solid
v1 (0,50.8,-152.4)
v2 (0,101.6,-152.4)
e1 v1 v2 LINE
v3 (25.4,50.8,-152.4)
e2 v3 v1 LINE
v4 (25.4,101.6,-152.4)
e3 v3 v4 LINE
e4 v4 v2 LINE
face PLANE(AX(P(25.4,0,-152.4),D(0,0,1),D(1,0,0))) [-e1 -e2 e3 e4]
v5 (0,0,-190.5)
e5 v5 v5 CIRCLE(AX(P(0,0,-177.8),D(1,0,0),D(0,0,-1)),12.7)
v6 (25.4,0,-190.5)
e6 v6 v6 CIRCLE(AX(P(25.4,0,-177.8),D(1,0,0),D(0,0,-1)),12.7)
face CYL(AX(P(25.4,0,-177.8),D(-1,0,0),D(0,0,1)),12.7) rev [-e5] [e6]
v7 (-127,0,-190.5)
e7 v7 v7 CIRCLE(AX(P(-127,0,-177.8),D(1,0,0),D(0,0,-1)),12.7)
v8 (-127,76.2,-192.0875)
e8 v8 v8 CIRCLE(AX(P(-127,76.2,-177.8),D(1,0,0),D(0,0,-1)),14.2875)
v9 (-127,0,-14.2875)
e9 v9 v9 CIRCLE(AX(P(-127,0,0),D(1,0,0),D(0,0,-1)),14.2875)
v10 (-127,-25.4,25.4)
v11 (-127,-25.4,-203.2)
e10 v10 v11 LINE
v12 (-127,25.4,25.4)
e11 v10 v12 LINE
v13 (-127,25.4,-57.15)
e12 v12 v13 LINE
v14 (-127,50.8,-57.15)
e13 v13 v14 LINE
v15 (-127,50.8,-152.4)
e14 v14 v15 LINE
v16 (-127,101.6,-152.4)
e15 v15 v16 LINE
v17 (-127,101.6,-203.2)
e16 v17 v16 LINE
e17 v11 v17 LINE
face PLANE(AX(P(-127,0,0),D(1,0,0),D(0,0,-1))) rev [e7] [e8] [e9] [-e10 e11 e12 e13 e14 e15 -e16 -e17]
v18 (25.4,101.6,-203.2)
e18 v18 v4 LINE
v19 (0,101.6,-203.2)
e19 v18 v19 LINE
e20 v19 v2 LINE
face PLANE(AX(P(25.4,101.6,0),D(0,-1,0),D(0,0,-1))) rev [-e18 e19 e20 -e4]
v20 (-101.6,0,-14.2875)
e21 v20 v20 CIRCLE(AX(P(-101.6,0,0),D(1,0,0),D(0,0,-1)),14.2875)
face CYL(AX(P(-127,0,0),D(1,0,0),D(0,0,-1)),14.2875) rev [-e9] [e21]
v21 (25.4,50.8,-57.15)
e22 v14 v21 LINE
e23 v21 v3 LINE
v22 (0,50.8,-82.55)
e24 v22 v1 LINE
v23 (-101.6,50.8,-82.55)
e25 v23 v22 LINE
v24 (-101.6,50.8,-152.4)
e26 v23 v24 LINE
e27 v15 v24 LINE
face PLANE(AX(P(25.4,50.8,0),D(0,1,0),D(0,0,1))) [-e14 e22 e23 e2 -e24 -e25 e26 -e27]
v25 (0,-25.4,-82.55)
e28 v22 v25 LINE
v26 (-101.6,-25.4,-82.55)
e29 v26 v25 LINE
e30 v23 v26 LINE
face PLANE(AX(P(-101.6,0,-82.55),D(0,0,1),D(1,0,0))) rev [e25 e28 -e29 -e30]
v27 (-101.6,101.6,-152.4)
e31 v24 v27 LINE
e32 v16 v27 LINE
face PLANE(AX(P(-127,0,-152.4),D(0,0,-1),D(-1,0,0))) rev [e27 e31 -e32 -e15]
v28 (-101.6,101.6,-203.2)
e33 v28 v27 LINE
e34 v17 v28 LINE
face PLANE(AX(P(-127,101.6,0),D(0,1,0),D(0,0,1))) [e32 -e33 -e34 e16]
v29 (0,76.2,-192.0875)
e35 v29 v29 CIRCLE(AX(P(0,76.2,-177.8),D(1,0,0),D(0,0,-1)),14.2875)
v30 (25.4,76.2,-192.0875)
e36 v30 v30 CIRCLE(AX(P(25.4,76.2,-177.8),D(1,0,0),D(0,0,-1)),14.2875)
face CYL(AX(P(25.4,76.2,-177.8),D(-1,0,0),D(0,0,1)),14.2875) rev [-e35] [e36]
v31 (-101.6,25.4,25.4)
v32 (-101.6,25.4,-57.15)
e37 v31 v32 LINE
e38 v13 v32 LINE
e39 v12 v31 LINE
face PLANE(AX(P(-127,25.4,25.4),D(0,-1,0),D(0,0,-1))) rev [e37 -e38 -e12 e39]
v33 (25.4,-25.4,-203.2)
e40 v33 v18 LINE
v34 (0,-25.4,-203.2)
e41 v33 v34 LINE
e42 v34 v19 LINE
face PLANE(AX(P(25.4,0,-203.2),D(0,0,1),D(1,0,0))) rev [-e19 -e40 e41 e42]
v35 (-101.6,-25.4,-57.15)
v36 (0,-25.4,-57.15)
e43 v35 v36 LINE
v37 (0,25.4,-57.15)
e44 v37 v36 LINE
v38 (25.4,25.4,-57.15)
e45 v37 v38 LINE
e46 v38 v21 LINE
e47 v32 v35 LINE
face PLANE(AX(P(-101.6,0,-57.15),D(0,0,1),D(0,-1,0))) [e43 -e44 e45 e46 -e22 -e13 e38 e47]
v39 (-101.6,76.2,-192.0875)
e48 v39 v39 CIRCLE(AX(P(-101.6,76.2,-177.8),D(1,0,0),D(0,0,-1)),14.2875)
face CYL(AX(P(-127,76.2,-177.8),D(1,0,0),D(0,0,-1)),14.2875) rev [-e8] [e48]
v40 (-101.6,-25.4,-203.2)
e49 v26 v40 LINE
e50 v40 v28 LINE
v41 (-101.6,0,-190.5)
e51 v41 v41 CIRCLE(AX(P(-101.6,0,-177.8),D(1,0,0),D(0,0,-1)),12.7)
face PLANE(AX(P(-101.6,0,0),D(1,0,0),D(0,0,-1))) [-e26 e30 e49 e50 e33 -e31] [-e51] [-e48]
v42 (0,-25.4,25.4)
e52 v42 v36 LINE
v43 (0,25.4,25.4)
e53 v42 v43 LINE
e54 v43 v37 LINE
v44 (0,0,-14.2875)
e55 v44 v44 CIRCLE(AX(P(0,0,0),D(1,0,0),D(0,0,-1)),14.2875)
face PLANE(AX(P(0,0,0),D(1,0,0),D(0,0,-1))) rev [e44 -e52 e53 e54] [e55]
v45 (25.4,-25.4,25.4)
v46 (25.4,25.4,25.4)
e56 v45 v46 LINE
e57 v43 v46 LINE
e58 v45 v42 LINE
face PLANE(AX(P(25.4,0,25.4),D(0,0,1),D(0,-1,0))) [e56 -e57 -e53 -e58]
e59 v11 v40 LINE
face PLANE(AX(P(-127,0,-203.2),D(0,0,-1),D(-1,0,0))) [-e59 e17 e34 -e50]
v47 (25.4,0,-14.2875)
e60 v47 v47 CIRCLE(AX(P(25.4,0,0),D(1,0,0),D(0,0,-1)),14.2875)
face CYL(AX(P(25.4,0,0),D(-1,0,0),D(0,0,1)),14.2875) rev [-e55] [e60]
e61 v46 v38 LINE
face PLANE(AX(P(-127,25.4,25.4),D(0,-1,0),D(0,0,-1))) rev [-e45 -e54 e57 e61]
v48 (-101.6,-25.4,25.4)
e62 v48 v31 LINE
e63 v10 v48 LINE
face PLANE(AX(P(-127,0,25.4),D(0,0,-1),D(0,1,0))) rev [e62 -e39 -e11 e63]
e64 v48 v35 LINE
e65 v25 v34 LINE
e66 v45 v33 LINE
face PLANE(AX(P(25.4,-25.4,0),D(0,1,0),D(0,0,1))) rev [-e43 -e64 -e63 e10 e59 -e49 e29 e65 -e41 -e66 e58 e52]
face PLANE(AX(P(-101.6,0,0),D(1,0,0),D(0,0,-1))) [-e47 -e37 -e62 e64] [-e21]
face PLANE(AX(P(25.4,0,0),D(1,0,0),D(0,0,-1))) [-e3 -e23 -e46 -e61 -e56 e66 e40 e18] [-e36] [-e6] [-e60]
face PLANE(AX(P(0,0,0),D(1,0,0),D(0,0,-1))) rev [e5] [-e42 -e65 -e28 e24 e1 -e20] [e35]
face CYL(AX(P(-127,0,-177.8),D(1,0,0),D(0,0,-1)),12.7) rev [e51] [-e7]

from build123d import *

# Parameters (mm, degrees)
SKETCH1_W           = 82.55
SKETCH1_H           = 76.2
SKETCH1_R           = 14.2875
SKETCH1_W_2         = 25.4
SKETCH1_R_2         = 12.7
BOSS_EXTRUDE1_DEPTH = 25.4
SKETCH1_3_W         = 25.4
SKETCH1_3_H         = 76.2
BOSS_EXTRUDE2_DEPTH = 101.6
BOSS_EXTRUDE4_START = -127
SKETCH1_4_W         = 25.4
SKETCH1_4_H         = 76.2
SKETCH1_4_R         = 12.7
SKETCH1_4_R_2       = 14.2875
SKETCH1_4_W_2       = 82.55
BOSS_EXTRUDE4_DEPTH = 25.4
SKETCH2_W           = 82.55
SKETCH2_H           = 25.4
CUT_EXTRUDE1_DEPTH  = 274.566372202


with BuildPart() as part:
    # Sketch1 → Boss-Extrude1 (new body)
    # profile 1 of 3: a face of its own
    with BuildSketch(Plane(origin=(0, 0, 0), x_dir=(0, 0, -1), z_dir=(1, 0, 0))):
        with Locations((15.875, 12.7)):
            Rectangle(SKETCH1_W, SKETCH1_H)
        Circle(SKETCH1_R, mode=Mode.SUBTRACT)
    # profile 2 of 3: a face of its own
    with BuildSketch(Plane(origin=(0, 0, 0), x_dir=(0, 0, -1), z_dir=(1, 0, 0))):
        with Locations((69.85, 12.7)):
            Rectangle(SKETCH1_W_2, SKETCH1_H)
    # profile 3 of 3: a face of its own
    with BuildSketch(Plane(origin=(0, 0, 0), x_dir=(0, 0, -1), z_dir=(1, 0, 0))):
        Polygon((82.55, 50.8), (82.55, -25.4), (203.2, -25.4), (203.2, 101.6), (152.4, 101.6), (152.4, 50.8), align=None)
        with Locations((177.8, 0)):
            Circle(SKETCH1_R_2, mode=Mode.SUBTRACT)
        with Locations((177.8, 76.2)):
            Circle(SKETCH1_R, mode=Mode.SUBTRACT)
    extrude(amount=BOSS_EXTRUDE1_DEPTH)

    # Sketch1<3> → Boss-Extrude2 (add)
    with BuildSketch(Plane(origin=(0, 0, 0), x_dir=(0, 0, -1), z_dir=(1, 0, 0))):
        with Locations((69.85, 12.7)):
            Rectangle(SKETCH1_3_W, SKETCH1_3_H)
    extrude(amount=-BOSS_EXTRUDE2_DEPTH)

    # Sketch1<4> → Boss-Extrude4 (add)
    # profile 1 of 3: a face of its own
    with BuildSketch(Plane(origin=(0, 0, 0), x_dir=(0, 0, -1), z_dir=(1, 0, 0)).offset(BOSS_EXTRUDE4_START)):
        with Locations((69.85, 12.7)):
            Rectangle(SKETCH1_4_W, SKETCH1_4_H)
    # profile 2 of 3: a face of its own
    with BuildSketch(Plane(origin=(0, 0, 0), x_dir=(0, 0, -1), z_dir=(1, 0, 0)).offset(BOSS_EXTRUDE4_START)):
        Polygon((82.55, 50.8), (82.55, -25.4), (203.2, -25.4), (203.2, 101.6), (152.4, 101.6), (152.4, 50.8), align=None)
        with Locations((177.8, 0)):
            Circle(SKETCH1_4_R, mode=Mode.SUBTRACT)
        with Locations((177.8, 76.2)):
            Circle(SKETCH1_4_R_2, mode=Mode.SUBTRACT)
    # profile 3 of 3: a face of its own
    with BuildSketch(Plane(origin=(0, 0, 0), x_dir=(0, 0, -1), z_dir=(1, 0, 0)).offset(BOSS_EXTRUDE4_START)):
        with Locations((15.875, 12.7)):
            Rectangle(SKETCH1_4_W_2, SKETCH1_4_H)
        Circle(SKETCH1_4_R_2, mode=Mode.SUBTRACT)
    extrude(amount=BOSS_EXTRUDE4_DEPTH)

    # Sketch2 → Cut-Extrude1 (cut, through all)
    with BuildSketch(Plane(origin=(25.4, 0, 0), x_dir=(0, 0, -1), z_dir=(1, 0, 0))):
        with Locations((15.875, 38.1)):
            Rectangle(SKETCH2_W, SKETCH2_H)
    extrude(amount=-CUT_EXTRUDE1_DEPTH, mode=Mode.SUBTRACT)


solid = part.part
